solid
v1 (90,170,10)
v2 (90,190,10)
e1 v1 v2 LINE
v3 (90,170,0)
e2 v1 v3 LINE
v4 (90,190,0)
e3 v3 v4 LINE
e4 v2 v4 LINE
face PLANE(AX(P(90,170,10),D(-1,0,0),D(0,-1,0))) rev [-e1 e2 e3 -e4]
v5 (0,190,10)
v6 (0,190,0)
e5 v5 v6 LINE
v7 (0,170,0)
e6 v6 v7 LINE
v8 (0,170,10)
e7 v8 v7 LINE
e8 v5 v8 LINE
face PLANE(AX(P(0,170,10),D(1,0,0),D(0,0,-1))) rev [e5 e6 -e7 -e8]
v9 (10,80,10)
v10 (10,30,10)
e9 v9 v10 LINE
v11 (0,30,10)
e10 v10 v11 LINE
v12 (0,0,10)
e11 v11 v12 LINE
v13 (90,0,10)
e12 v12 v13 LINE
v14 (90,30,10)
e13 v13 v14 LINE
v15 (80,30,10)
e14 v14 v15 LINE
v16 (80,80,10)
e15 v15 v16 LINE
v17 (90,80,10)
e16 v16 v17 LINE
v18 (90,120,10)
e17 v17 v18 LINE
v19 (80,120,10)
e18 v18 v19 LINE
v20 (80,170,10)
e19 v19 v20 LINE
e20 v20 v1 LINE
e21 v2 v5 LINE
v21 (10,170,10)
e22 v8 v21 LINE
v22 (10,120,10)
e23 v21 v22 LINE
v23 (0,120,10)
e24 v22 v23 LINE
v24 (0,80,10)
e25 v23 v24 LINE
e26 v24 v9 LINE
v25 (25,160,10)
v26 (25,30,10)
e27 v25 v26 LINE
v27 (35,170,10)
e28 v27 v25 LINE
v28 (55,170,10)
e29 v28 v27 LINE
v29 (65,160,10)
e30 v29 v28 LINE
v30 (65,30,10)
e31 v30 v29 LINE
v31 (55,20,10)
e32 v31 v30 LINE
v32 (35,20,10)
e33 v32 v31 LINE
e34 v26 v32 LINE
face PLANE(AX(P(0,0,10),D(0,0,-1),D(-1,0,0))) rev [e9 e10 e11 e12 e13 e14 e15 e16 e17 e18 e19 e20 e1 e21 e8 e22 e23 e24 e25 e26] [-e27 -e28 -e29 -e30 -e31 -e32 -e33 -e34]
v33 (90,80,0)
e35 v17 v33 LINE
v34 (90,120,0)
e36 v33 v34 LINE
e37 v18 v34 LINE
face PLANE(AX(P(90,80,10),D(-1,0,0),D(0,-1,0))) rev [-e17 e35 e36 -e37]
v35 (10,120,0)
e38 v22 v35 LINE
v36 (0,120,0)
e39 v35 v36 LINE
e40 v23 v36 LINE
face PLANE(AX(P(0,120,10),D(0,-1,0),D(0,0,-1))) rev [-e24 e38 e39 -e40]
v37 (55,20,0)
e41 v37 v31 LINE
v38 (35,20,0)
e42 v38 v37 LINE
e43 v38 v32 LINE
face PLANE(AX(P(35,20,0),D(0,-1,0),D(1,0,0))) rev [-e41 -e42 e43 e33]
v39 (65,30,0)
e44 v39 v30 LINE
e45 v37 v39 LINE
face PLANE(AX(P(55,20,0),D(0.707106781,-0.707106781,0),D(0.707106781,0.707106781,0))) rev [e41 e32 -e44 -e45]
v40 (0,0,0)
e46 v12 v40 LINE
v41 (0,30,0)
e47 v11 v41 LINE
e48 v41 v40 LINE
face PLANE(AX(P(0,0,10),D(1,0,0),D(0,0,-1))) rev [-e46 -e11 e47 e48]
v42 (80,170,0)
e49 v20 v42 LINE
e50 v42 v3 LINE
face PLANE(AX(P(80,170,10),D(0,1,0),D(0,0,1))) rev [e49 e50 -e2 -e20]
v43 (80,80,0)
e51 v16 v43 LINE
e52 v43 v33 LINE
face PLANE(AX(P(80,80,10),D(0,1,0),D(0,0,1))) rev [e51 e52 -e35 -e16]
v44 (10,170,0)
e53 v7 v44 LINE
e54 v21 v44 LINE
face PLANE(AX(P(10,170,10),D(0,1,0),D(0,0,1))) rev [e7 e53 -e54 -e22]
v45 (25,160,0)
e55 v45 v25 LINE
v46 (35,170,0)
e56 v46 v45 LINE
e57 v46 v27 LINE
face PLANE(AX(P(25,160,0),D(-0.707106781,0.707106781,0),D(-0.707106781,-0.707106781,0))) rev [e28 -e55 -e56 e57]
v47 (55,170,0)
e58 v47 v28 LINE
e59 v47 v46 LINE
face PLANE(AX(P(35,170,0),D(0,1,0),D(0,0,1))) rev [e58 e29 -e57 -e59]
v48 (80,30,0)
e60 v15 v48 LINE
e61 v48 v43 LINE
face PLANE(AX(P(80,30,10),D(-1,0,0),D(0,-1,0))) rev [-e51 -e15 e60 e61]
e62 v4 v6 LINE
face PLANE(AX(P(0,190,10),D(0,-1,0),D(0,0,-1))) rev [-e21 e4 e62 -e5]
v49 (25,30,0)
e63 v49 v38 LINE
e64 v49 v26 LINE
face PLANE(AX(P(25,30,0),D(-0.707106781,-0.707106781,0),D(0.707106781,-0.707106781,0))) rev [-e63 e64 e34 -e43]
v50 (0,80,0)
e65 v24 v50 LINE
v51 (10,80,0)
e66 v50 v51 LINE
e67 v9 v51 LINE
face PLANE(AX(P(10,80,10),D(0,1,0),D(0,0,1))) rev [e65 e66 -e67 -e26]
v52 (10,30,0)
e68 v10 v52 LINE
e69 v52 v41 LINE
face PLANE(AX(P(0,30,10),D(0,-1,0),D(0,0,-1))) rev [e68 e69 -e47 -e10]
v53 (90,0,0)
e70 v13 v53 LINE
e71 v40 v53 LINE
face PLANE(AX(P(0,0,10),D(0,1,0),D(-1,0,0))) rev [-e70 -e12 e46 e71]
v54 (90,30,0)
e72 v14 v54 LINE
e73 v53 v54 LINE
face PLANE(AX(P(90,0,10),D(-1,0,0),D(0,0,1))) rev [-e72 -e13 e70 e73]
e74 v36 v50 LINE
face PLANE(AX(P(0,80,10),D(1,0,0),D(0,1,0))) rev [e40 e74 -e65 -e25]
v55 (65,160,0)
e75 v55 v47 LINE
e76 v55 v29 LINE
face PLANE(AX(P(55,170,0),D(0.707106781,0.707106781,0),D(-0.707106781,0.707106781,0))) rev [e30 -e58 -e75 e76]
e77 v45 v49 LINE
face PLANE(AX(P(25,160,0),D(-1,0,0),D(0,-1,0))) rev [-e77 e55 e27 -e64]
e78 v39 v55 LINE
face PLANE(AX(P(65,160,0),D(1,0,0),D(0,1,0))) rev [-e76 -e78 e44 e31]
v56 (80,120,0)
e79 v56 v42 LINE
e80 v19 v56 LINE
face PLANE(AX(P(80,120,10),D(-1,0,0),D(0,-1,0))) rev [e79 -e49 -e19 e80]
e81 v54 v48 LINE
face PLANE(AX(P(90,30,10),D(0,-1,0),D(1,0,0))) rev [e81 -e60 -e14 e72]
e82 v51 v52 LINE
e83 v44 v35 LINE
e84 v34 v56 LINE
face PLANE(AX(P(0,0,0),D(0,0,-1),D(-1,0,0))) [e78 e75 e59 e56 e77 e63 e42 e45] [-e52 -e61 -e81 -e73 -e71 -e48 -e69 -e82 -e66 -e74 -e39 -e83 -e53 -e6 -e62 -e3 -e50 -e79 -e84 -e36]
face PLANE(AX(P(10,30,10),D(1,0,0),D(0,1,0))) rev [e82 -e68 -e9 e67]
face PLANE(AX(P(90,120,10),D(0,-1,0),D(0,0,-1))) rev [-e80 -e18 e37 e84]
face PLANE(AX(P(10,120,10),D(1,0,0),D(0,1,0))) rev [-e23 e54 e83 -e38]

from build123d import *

# Parameters (mm, degrees)
BOSS_EXTRU_1_DEPTH      = 10
ENL_V_MAT_EXTRU_1_DEPTH = 10


with BuildPart() as part:
    # Esquisse1 → Boss.-Extru.1 (new body)
    with BuildSketch(Plane.XY):
        Polygon((0, 0), (90, 0), (90, 30), (80, 30), (80, 80), (90, 80), (90, 120), (80, 120), (80, 170), (90, 170), (90, 190), (0, 190), (0, 170), (10, 170), (10, 120), (0, 120), (0, 80), (10, 80), (10, 30), (0, 30), align=None)
    extrude(amount=BOSS_EXTRU_1_DEPTH)

    # Esquisse2 → Enlèv. mat.-Extru.1 (cut)
    with BuildSketch(Plane.XY.offset(10)):
        Polygon((35, 170), (55, 170), (65, 160), (65, 30), (55, 20), (35, 20), (25, 30), (25, 160), align=None)
    extrude(amount=-ENL_V_MAT_EXTRU_1_DEPTH, mode=Mode.SUBTRACT)


solid = part.part
